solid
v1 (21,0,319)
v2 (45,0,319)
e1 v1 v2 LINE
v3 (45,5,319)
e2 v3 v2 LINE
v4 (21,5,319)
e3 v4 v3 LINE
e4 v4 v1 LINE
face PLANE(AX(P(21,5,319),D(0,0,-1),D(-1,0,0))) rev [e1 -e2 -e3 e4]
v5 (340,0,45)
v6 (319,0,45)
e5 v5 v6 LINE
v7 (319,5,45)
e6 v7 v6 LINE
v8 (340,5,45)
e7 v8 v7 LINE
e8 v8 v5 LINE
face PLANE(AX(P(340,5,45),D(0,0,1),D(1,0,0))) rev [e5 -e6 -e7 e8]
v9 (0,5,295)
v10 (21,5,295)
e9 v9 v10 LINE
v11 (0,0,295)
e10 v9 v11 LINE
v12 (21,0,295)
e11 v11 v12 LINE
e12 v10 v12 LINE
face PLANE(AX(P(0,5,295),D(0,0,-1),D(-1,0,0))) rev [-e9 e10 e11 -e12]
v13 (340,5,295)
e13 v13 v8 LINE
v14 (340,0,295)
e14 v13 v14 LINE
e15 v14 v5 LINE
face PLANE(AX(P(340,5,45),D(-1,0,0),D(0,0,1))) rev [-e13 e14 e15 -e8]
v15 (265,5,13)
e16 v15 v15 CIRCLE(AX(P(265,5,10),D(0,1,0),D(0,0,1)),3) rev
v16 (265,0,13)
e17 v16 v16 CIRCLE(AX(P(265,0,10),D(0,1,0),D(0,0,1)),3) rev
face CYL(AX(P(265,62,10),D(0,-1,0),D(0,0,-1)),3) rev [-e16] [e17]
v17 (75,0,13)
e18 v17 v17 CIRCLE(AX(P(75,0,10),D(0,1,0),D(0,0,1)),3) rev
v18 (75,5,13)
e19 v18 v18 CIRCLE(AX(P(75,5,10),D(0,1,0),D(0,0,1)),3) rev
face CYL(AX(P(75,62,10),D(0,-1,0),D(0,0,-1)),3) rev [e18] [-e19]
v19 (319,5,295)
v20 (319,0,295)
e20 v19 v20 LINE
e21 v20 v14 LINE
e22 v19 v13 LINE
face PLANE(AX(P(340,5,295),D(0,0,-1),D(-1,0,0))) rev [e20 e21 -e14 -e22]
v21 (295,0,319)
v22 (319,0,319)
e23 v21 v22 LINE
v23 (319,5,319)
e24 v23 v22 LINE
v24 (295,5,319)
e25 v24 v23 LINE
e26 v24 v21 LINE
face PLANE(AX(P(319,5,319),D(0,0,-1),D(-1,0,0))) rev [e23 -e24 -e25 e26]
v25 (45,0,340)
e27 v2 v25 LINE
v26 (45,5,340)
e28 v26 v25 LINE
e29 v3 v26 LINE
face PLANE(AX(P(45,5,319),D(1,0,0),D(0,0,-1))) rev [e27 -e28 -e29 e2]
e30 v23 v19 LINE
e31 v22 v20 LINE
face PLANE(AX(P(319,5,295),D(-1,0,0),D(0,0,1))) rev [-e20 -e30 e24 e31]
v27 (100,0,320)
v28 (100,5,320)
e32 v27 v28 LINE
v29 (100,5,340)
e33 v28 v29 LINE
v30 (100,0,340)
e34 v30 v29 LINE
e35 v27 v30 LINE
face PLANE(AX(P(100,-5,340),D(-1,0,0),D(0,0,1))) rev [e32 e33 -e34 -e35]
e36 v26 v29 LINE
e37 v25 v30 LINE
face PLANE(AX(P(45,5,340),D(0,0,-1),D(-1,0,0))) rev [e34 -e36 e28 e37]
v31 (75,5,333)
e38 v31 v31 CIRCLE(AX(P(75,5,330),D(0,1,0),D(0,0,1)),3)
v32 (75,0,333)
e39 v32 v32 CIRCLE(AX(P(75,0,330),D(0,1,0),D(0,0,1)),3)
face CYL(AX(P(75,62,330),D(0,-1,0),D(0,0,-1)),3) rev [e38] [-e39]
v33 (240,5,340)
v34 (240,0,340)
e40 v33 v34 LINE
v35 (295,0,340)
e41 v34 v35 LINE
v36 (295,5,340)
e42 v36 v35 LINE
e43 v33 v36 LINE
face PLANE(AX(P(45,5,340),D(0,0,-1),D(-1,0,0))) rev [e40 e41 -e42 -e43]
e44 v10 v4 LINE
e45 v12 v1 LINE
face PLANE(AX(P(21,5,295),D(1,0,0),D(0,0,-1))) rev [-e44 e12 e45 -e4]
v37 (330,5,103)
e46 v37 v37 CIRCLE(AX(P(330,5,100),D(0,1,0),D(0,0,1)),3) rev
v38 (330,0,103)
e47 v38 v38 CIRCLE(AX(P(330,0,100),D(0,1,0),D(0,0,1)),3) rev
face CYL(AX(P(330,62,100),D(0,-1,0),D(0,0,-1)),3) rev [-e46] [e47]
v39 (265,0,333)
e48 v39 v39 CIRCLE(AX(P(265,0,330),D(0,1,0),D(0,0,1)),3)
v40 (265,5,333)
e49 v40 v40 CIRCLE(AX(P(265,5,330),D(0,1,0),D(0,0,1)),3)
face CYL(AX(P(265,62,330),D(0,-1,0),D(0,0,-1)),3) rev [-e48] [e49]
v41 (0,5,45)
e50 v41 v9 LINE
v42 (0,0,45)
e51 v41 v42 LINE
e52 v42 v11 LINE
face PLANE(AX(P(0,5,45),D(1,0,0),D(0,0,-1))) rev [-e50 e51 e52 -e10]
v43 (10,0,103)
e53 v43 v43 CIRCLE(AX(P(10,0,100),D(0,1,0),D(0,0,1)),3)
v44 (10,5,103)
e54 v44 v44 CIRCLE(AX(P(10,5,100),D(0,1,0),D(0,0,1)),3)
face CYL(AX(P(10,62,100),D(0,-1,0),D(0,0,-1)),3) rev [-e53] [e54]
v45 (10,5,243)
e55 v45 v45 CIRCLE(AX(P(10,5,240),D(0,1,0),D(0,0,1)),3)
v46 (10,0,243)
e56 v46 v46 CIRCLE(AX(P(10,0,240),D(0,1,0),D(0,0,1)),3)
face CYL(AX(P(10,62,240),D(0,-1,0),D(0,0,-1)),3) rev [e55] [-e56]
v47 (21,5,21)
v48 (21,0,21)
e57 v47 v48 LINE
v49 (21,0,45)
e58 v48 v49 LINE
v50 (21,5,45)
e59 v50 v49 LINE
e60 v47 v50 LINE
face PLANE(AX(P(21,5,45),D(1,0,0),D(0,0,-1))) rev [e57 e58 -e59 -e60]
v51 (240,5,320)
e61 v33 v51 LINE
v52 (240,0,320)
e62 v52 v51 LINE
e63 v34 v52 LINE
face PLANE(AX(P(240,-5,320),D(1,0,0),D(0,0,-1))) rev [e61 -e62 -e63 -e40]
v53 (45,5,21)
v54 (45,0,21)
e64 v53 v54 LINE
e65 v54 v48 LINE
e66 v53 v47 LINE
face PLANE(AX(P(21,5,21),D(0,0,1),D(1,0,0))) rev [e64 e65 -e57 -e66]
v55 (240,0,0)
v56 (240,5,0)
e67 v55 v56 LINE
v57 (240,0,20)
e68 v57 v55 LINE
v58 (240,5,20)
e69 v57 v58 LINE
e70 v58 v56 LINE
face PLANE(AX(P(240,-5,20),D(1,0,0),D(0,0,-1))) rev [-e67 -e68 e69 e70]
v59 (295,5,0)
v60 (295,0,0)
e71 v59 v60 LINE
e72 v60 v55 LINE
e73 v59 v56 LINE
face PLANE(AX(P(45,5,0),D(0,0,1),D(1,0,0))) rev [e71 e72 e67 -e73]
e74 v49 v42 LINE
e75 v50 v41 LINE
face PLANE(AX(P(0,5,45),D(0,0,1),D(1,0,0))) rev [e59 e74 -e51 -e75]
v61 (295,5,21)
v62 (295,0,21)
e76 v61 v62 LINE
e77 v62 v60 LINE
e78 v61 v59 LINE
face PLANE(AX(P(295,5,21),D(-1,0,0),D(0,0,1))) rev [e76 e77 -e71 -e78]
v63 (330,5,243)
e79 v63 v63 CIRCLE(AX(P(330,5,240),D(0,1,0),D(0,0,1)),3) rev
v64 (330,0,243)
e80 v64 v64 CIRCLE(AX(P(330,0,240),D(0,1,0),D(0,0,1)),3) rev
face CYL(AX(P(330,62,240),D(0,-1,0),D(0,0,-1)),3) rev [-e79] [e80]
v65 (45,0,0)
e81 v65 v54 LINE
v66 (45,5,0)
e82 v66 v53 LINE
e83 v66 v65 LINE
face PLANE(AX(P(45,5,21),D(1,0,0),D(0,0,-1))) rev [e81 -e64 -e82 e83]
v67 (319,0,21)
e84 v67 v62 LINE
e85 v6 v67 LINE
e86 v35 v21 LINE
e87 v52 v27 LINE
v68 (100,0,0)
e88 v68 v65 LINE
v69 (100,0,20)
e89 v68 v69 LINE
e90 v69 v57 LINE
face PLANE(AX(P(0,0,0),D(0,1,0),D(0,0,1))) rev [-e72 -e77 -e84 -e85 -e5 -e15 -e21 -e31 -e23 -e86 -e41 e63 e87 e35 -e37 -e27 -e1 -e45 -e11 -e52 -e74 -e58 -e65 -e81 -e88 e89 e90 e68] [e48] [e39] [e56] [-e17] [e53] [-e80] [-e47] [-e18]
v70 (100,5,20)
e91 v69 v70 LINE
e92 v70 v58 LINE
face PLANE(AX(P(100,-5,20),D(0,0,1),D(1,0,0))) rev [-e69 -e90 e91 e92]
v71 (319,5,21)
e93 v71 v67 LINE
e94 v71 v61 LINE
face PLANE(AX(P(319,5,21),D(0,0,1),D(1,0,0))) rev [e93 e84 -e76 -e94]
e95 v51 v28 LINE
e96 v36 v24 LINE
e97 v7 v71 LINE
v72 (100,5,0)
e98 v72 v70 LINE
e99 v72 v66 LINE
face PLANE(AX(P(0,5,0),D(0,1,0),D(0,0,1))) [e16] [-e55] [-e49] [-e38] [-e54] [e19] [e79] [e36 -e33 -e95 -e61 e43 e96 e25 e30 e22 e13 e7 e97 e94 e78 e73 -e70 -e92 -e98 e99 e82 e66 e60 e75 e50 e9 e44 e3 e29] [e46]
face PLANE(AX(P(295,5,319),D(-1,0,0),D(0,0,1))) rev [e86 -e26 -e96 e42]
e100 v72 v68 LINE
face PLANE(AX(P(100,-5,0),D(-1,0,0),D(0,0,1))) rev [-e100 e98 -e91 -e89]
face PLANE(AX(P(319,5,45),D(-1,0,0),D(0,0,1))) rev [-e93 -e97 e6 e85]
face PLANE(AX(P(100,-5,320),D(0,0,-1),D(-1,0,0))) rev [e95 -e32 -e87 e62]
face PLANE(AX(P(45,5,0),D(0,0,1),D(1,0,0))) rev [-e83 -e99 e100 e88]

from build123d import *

# Parameters (mm, degrees)
BOSS_EXTRUDE1_DEPTH     = 5
CUT_EXTRUDE1_DEPTH      = 57
CUT_EXTRUDE1_DEPTH_BACK = 57
SKETCH2_R               = 3
SKETCH3_W               = 140
SKETCH3_H               = 20
CUT_EXTRUDE2_DEPTH      = 10


with BuildPart() as part:
    # Sketch1 → Boss-Extrude1 (new body)
    with BuildSketch(Plane(origin=(0, 0, 0), x_dir=(1, 0, 0), z_dir=(0, 1, 0))):
        Polygon((0, -45), (21, -45), (21, -21), (45, -21), (45, 0), (295, 0), (295, -21), (319, -21), (319, -45), (340, -45), (340, -295), (319, -295), (319, -319), (295, -319), (295, -340), (45, -340), (45, -319), (21, -319), (21, -295), (0, -295), align=None)
    extrude(amount=BOSS_EXTRUDE1_DEPTH)

    # Sketch2 → Cut-Extrude1 (cut, two sides: drawn at the far end of the back side and taken through both)
    with BuildSketch(Plane(origin=(0, 5, 0), x_dir=(1, 0, 0), z_dir=(0, 1, 0)).offset(-CUT_EXTRUDE1_DEPTH_BACK)):
        with Locations((75, -10)):
            Circle(SKETCH2_R)
        with Locations((265, -10)):
            Circle(SKETCH2_R)
        with Locations((265, -330)):
            Circle(SKETCH2_R)
        with Locations((75, -330)):
            Circle(SKETCH2_R)
        with Locations((10, -240)):
            Circle(SKETCH2_R)
        with Locations((10, -100)):
            Circle(SKETCH2_R)
        with Locations((330, -240)):
            Circle(SKETCH2_R)
        with Locations((330, -100)):
            Circle(SKETCH2_R)
    extrude(amount=CUT_EXTRUDE1_DEPTH + CUT_EXTRUDE1_DEPTH_BACK, mode=Mode.SUBTRACT)

    # Sketch3 → Cut-Extrude2 (cut)
    with BuildSketch(Plane(origin=(0, 5, 0), x_dir=(1, 0, 0), z_dir=(0, 1, 0))):
        with Locations((170, -10)):
            Rectangle(SKETCH3_W, SKETCH3_H)
        with Locations((170, -330)):
            Rectangle(SKETCH3_W, SKETCH3_H)
    extrude(amount=-CUT_EXTRUDE2_DEPTH, mode=Mode.SUBTRACT)


solid = part.part
